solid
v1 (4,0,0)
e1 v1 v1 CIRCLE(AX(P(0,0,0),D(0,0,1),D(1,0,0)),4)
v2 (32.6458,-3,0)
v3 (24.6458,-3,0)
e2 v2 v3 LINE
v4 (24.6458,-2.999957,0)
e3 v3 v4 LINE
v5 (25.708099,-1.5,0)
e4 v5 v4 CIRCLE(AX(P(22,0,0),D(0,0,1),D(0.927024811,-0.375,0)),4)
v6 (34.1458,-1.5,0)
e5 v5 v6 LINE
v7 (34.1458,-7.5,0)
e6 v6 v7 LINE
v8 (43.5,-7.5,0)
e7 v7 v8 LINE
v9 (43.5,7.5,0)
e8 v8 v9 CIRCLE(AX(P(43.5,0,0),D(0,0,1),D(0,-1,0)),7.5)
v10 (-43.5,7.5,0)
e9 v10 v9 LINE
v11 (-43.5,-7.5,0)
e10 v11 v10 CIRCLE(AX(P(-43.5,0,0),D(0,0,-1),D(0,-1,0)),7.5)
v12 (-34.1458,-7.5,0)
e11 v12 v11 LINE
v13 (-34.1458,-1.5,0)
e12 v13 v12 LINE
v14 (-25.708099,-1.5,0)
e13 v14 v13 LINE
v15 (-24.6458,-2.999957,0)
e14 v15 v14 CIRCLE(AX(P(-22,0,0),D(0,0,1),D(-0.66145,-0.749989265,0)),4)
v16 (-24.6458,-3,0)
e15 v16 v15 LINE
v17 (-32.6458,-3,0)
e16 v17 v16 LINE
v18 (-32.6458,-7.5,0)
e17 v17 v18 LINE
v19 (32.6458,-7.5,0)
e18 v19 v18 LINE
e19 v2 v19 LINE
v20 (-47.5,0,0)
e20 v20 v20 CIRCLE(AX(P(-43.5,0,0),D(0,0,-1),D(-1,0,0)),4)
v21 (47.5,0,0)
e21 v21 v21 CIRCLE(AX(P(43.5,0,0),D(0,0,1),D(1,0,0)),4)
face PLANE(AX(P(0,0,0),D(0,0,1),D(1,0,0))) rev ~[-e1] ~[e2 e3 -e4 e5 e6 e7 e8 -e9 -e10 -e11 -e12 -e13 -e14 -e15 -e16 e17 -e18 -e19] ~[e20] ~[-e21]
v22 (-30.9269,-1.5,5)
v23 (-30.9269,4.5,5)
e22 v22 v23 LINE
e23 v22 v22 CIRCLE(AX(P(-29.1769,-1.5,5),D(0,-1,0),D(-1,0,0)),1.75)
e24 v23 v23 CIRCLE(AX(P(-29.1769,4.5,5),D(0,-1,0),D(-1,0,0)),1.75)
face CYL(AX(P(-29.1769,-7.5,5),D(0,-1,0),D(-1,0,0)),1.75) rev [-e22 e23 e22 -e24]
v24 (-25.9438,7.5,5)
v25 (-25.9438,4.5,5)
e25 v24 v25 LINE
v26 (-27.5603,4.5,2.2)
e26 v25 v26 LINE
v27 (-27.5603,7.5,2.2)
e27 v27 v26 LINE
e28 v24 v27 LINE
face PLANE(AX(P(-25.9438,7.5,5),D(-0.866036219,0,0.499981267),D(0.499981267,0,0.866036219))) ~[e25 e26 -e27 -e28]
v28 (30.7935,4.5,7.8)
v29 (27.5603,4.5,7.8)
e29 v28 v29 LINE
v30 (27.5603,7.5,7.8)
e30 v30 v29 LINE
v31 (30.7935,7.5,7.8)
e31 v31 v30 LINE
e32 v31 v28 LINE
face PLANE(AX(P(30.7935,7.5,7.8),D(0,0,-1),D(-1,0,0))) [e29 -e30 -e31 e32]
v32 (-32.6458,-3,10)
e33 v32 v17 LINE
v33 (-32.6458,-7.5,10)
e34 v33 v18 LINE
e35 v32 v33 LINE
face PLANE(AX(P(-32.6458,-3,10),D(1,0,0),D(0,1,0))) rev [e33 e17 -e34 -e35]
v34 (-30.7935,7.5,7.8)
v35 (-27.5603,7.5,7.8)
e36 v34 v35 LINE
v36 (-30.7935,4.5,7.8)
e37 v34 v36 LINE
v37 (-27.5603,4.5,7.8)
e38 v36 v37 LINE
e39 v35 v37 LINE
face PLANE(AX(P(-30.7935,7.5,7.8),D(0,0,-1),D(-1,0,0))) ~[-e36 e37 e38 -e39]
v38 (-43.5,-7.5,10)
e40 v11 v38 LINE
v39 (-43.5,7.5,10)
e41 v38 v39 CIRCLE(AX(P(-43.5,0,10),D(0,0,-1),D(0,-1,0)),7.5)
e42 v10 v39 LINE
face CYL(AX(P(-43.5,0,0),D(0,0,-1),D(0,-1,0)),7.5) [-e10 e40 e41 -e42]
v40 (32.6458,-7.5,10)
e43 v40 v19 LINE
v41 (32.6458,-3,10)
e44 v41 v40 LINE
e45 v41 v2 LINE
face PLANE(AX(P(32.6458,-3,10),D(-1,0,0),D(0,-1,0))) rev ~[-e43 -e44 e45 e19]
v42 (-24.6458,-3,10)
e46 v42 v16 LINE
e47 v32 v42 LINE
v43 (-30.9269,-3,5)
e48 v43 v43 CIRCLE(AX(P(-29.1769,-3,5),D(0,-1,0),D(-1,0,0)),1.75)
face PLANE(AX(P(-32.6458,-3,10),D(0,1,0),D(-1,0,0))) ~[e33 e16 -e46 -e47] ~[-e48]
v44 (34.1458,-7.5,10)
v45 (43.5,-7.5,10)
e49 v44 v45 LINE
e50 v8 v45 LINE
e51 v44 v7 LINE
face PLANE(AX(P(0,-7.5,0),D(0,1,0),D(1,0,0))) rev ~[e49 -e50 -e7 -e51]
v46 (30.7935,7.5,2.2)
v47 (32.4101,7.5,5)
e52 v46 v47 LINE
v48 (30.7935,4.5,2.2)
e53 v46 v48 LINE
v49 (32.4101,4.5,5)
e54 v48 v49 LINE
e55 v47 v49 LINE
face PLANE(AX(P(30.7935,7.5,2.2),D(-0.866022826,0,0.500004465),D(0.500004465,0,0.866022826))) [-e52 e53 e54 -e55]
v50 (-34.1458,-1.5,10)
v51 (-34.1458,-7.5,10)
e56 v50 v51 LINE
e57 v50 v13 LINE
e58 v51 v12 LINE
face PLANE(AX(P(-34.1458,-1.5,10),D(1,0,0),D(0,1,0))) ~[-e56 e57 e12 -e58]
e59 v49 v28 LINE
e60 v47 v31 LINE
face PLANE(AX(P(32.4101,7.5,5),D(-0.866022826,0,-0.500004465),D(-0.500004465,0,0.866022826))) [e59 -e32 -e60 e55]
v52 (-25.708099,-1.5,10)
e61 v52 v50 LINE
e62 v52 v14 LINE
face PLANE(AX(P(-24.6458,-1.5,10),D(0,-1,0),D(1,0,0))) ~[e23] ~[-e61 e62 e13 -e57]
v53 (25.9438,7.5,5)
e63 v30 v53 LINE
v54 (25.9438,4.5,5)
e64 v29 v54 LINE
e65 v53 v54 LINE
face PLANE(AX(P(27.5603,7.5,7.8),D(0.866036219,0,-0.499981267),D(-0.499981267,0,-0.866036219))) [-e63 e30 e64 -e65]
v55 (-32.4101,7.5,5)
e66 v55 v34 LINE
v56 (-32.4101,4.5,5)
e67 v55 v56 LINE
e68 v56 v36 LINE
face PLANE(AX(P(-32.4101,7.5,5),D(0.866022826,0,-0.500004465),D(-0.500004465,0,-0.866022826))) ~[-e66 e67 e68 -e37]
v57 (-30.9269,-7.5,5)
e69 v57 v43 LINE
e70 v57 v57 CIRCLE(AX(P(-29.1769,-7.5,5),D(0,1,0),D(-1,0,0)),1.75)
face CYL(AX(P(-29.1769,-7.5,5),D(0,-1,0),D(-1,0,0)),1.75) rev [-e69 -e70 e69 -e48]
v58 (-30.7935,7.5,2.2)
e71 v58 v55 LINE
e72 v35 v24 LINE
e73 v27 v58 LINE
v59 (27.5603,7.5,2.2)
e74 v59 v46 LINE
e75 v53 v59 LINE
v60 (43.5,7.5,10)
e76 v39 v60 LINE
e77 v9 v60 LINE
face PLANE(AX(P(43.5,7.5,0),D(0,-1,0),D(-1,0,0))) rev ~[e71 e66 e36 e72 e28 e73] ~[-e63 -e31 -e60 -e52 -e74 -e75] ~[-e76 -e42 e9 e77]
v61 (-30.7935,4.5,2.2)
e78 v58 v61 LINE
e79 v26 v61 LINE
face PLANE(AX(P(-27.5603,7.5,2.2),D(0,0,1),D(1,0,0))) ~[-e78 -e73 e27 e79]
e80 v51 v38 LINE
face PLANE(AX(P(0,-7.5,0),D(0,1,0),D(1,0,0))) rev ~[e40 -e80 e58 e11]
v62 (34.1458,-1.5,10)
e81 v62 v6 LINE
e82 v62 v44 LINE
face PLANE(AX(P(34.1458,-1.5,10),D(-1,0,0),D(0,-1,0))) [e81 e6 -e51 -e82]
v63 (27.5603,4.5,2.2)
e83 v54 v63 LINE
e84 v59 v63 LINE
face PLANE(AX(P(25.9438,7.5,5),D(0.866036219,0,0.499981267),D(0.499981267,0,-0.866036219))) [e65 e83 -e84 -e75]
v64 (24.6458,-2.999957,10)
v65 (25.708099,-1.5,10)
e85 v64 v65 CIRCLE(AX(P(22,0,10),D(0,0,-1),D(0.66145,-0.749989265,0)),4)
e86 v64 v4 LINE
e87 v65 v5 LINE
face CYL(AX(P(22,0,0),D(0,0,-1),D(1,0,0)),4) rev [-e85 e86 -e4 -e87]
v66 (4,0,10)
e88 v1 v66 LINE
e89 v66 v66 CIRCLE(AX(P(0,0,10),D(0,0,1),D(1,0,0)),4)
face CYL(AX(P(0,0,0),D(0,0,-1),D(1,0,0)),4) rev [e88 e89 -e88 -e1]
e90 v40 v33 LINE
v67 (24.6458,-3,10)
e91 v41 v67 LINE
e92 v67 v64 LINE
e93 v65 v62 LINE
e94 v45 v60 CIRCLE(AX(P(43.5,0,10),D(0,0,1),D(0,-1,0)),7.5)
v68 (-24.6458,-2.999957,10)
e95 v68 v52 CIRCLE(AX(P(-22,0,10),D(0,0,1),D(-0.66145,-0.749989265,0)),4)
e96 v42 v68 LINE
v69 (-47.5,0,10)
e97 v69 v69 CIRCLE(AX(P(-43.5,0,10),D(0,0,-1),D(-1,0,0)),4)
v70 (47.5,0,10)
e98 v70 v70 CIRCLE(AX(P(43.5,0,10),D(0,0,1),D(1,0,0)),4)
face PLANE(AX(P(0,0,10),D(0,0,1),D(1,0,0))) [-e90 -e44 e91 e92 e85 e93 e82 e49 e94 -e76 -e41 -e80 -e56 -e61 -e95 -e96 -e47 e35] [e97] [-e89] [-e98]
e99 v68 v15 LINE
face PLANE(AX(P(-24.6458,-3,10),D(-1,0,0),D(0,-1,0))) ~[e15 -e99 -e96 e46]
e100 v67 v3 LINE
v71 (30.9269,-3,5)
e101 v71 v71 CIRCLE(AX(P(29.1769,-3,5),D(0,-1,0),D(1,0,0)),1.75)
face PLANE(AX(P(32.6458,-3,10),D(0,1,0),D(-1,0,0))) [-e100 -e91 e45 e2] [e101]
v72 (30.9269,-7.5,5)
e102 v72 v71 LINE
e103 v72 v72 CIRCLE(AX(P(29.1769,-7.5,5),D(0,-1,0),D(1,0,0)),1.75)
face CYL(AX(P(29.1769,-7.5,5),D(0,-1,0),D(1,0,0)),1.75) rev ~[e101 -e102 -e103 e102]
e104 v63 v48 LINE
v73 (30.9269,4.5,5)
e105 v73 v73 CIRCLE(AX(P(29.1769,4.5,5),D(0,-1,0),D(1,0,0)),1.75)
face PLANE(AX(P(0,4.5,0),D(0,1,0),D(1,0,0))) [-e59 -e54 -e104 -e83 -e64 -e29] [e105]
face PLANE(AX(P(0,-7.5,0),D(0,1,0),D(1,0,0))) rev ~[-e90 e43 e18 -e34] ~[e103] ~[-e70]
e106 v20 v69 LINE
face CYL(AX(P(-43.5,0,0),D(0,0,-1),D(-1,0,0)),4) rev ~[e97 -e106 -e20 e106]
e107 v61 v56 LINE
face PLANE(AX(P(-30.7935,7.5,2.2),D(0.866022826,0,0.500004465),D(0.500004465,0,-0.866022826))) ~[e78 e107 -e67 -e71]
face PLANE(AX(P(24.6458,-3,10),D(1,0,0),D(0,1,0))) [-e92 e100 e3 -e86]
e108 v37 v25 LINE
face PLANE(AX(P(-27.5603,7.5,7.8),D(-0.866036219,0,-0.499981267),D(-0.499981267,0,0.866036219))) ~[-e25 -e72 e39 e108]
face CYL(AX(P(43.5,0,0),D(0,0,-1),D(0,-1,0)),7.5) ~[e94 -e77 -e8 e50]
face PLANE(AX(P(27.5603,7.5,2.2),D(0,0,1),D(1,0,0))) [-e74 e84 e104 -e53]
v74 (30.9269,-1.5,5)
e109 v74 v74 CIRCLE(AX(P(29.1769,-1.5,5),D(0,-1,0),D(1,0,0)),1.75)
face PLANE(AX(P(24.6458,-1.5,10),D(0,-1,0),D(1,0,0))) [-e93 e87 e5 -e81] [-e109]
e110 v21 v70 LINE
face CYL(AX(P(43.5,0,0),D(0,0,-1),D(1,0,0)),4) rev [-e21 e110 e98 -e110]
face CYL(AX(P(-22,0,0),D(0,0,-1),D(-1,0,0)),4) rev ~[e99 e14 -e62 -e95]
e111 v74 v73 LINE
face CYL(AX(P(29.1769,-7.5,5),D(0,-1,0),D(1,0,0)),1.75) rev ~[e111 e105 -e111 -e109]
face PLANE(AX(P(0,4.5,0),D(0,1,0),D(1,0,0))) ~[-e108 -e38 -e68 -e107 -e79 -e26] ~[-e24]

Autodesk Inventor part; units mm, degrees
ref_plane "YZ Plane" through (0, 0, 0) normal (1, 0, 0) x (0, 1, 0)
ref_plane "XZ Plane" through (0, 0, 0) normal (0, 1, 0) x (-1, 0, 0)
ref_plane "XY Plane" through (0, 0, 0) normal (0, 0, 1) x (1, 0, 0)
sketch "Sketch1" plane through (0, 0, 0) normal (0, 0, 1) x (1, 0, 0)
  circle A0 centre (0, 0) radius 4
  circle A1 centre (43.5, 0) radius 4
  circle A2 centre (22, 0) radius 4
  line L0 (0, 0) -> (43.5, 0) construction
  line L1 (0, -7.5) -> (43.5, -7.5)
  line L2 (43.5, 7.5) -> (0, 7.5)
  arc A3 (0, 7.5) -> (0, -7.5) centre (0, 0) ccw
  arc A4 (43.5, -7.5) -> (43.5, 7.5) centre (43.5, 0) ccw
  point P0 (21.75, 0)
  dimension "d1" = 8
  dimension "d2" = 8
  dimension "d4" = 15
  dimension "d19" = 43.5
  dimension "d22" = 22
extrude "Extrusion1" add sketch "Sketch1" along normal blind 10
sketch "Sketch2" plane through (0, 0, 10) normal (0, 0, 1) x (1, 0, 0)
  line L0 (24.6458, -1.5) -> (34.1458, -1.5)
  line L1 (34.1458, -1.5) -> (34.1458, -3)
  line L2 (34.1458, -3) -> (24.6458, -3)
  line L3 (24.6458, -3) -> (24.6458, -1.5)
  line L4 (0, -7.5) -> (43.5, -7.5) projected
  line L5 (34.1458, -3) -> (32.6458, -3)
  line L6 (32.6458, -3) -> (32.6458, -7.5)
  line L7 (32.6458, -7.5) -> (34.1458, -7.5)
  line L8 (34.1458, -7.5) -> (34.1458, -3)
  circle A0 centre (22, 0) radius 4 construction
  point P0 (0, 0)
  dimension "d7" = 1.5
  dimension "d8" = 8
  dimension "d9" = 1.5
  dimension "d18" = 1
extrude "Extrusion2" cut sketch "Sketch2" against normal through all
sketch "Sketch3" plane through (0, -7.5, 0) normal (0, -1, 0) x (1, 0, 0)
  line L0 (24.6458, 0) -> (32.6458, 0) construction
  line L1 (24.6458, 10) -> (24.6458, 0) construction
  line L2 (32.6458, 10) -> (24.6458, 10) construction
  line L3 (32.6458, 10) -> (32.6458, 0) construction
  line L4 (32.6458, 5) -> (25.7081, 5) construction
  line L5 (25.7081, 0) -> (25.7081, 10) construction
  circle A0 centre (29.1769, 5) radius 1.75
  point P0 (0, 0)
  dimension "d12" = 3.5
extrude "Extrusion3" cut sketch "Sketch3" against normal through all
sketch "Sketch4" plane through (0, 7.5, 0) normal (0, 1, 0) x (1, 0, 0)
  circle A0 centre (29.1769, -5) radius 1.75 construction
  line L0 (30.7935, -2.2) -> (32.4101, -5)
  line L1 (32.4101, -5) -> (30.7935, -7.8)
  line L2 (30.7935, -7.8) -> (27.5603, -7.8)
  line L3 (27.5603, -7.8) -> (25.9438, -5)
  line L4 (25.9438, -5) -> (27.5603, -2.2)
  line L5 (27.5603, -2.2) -> (30.7935, -2.2)
  point P0 (0, 0)
  dimension "d15" = 5.6
extrude "Extrusion4" cut sketch "Sketch4" against normal blind 3
mirror "Mirror1" about plane through (0, 0, 0) normal (1, 0, 0) of "Extrusion1", "Extrusion2", "Extrusion3", "Extrusion4"
properties part number "guide rod mount"
